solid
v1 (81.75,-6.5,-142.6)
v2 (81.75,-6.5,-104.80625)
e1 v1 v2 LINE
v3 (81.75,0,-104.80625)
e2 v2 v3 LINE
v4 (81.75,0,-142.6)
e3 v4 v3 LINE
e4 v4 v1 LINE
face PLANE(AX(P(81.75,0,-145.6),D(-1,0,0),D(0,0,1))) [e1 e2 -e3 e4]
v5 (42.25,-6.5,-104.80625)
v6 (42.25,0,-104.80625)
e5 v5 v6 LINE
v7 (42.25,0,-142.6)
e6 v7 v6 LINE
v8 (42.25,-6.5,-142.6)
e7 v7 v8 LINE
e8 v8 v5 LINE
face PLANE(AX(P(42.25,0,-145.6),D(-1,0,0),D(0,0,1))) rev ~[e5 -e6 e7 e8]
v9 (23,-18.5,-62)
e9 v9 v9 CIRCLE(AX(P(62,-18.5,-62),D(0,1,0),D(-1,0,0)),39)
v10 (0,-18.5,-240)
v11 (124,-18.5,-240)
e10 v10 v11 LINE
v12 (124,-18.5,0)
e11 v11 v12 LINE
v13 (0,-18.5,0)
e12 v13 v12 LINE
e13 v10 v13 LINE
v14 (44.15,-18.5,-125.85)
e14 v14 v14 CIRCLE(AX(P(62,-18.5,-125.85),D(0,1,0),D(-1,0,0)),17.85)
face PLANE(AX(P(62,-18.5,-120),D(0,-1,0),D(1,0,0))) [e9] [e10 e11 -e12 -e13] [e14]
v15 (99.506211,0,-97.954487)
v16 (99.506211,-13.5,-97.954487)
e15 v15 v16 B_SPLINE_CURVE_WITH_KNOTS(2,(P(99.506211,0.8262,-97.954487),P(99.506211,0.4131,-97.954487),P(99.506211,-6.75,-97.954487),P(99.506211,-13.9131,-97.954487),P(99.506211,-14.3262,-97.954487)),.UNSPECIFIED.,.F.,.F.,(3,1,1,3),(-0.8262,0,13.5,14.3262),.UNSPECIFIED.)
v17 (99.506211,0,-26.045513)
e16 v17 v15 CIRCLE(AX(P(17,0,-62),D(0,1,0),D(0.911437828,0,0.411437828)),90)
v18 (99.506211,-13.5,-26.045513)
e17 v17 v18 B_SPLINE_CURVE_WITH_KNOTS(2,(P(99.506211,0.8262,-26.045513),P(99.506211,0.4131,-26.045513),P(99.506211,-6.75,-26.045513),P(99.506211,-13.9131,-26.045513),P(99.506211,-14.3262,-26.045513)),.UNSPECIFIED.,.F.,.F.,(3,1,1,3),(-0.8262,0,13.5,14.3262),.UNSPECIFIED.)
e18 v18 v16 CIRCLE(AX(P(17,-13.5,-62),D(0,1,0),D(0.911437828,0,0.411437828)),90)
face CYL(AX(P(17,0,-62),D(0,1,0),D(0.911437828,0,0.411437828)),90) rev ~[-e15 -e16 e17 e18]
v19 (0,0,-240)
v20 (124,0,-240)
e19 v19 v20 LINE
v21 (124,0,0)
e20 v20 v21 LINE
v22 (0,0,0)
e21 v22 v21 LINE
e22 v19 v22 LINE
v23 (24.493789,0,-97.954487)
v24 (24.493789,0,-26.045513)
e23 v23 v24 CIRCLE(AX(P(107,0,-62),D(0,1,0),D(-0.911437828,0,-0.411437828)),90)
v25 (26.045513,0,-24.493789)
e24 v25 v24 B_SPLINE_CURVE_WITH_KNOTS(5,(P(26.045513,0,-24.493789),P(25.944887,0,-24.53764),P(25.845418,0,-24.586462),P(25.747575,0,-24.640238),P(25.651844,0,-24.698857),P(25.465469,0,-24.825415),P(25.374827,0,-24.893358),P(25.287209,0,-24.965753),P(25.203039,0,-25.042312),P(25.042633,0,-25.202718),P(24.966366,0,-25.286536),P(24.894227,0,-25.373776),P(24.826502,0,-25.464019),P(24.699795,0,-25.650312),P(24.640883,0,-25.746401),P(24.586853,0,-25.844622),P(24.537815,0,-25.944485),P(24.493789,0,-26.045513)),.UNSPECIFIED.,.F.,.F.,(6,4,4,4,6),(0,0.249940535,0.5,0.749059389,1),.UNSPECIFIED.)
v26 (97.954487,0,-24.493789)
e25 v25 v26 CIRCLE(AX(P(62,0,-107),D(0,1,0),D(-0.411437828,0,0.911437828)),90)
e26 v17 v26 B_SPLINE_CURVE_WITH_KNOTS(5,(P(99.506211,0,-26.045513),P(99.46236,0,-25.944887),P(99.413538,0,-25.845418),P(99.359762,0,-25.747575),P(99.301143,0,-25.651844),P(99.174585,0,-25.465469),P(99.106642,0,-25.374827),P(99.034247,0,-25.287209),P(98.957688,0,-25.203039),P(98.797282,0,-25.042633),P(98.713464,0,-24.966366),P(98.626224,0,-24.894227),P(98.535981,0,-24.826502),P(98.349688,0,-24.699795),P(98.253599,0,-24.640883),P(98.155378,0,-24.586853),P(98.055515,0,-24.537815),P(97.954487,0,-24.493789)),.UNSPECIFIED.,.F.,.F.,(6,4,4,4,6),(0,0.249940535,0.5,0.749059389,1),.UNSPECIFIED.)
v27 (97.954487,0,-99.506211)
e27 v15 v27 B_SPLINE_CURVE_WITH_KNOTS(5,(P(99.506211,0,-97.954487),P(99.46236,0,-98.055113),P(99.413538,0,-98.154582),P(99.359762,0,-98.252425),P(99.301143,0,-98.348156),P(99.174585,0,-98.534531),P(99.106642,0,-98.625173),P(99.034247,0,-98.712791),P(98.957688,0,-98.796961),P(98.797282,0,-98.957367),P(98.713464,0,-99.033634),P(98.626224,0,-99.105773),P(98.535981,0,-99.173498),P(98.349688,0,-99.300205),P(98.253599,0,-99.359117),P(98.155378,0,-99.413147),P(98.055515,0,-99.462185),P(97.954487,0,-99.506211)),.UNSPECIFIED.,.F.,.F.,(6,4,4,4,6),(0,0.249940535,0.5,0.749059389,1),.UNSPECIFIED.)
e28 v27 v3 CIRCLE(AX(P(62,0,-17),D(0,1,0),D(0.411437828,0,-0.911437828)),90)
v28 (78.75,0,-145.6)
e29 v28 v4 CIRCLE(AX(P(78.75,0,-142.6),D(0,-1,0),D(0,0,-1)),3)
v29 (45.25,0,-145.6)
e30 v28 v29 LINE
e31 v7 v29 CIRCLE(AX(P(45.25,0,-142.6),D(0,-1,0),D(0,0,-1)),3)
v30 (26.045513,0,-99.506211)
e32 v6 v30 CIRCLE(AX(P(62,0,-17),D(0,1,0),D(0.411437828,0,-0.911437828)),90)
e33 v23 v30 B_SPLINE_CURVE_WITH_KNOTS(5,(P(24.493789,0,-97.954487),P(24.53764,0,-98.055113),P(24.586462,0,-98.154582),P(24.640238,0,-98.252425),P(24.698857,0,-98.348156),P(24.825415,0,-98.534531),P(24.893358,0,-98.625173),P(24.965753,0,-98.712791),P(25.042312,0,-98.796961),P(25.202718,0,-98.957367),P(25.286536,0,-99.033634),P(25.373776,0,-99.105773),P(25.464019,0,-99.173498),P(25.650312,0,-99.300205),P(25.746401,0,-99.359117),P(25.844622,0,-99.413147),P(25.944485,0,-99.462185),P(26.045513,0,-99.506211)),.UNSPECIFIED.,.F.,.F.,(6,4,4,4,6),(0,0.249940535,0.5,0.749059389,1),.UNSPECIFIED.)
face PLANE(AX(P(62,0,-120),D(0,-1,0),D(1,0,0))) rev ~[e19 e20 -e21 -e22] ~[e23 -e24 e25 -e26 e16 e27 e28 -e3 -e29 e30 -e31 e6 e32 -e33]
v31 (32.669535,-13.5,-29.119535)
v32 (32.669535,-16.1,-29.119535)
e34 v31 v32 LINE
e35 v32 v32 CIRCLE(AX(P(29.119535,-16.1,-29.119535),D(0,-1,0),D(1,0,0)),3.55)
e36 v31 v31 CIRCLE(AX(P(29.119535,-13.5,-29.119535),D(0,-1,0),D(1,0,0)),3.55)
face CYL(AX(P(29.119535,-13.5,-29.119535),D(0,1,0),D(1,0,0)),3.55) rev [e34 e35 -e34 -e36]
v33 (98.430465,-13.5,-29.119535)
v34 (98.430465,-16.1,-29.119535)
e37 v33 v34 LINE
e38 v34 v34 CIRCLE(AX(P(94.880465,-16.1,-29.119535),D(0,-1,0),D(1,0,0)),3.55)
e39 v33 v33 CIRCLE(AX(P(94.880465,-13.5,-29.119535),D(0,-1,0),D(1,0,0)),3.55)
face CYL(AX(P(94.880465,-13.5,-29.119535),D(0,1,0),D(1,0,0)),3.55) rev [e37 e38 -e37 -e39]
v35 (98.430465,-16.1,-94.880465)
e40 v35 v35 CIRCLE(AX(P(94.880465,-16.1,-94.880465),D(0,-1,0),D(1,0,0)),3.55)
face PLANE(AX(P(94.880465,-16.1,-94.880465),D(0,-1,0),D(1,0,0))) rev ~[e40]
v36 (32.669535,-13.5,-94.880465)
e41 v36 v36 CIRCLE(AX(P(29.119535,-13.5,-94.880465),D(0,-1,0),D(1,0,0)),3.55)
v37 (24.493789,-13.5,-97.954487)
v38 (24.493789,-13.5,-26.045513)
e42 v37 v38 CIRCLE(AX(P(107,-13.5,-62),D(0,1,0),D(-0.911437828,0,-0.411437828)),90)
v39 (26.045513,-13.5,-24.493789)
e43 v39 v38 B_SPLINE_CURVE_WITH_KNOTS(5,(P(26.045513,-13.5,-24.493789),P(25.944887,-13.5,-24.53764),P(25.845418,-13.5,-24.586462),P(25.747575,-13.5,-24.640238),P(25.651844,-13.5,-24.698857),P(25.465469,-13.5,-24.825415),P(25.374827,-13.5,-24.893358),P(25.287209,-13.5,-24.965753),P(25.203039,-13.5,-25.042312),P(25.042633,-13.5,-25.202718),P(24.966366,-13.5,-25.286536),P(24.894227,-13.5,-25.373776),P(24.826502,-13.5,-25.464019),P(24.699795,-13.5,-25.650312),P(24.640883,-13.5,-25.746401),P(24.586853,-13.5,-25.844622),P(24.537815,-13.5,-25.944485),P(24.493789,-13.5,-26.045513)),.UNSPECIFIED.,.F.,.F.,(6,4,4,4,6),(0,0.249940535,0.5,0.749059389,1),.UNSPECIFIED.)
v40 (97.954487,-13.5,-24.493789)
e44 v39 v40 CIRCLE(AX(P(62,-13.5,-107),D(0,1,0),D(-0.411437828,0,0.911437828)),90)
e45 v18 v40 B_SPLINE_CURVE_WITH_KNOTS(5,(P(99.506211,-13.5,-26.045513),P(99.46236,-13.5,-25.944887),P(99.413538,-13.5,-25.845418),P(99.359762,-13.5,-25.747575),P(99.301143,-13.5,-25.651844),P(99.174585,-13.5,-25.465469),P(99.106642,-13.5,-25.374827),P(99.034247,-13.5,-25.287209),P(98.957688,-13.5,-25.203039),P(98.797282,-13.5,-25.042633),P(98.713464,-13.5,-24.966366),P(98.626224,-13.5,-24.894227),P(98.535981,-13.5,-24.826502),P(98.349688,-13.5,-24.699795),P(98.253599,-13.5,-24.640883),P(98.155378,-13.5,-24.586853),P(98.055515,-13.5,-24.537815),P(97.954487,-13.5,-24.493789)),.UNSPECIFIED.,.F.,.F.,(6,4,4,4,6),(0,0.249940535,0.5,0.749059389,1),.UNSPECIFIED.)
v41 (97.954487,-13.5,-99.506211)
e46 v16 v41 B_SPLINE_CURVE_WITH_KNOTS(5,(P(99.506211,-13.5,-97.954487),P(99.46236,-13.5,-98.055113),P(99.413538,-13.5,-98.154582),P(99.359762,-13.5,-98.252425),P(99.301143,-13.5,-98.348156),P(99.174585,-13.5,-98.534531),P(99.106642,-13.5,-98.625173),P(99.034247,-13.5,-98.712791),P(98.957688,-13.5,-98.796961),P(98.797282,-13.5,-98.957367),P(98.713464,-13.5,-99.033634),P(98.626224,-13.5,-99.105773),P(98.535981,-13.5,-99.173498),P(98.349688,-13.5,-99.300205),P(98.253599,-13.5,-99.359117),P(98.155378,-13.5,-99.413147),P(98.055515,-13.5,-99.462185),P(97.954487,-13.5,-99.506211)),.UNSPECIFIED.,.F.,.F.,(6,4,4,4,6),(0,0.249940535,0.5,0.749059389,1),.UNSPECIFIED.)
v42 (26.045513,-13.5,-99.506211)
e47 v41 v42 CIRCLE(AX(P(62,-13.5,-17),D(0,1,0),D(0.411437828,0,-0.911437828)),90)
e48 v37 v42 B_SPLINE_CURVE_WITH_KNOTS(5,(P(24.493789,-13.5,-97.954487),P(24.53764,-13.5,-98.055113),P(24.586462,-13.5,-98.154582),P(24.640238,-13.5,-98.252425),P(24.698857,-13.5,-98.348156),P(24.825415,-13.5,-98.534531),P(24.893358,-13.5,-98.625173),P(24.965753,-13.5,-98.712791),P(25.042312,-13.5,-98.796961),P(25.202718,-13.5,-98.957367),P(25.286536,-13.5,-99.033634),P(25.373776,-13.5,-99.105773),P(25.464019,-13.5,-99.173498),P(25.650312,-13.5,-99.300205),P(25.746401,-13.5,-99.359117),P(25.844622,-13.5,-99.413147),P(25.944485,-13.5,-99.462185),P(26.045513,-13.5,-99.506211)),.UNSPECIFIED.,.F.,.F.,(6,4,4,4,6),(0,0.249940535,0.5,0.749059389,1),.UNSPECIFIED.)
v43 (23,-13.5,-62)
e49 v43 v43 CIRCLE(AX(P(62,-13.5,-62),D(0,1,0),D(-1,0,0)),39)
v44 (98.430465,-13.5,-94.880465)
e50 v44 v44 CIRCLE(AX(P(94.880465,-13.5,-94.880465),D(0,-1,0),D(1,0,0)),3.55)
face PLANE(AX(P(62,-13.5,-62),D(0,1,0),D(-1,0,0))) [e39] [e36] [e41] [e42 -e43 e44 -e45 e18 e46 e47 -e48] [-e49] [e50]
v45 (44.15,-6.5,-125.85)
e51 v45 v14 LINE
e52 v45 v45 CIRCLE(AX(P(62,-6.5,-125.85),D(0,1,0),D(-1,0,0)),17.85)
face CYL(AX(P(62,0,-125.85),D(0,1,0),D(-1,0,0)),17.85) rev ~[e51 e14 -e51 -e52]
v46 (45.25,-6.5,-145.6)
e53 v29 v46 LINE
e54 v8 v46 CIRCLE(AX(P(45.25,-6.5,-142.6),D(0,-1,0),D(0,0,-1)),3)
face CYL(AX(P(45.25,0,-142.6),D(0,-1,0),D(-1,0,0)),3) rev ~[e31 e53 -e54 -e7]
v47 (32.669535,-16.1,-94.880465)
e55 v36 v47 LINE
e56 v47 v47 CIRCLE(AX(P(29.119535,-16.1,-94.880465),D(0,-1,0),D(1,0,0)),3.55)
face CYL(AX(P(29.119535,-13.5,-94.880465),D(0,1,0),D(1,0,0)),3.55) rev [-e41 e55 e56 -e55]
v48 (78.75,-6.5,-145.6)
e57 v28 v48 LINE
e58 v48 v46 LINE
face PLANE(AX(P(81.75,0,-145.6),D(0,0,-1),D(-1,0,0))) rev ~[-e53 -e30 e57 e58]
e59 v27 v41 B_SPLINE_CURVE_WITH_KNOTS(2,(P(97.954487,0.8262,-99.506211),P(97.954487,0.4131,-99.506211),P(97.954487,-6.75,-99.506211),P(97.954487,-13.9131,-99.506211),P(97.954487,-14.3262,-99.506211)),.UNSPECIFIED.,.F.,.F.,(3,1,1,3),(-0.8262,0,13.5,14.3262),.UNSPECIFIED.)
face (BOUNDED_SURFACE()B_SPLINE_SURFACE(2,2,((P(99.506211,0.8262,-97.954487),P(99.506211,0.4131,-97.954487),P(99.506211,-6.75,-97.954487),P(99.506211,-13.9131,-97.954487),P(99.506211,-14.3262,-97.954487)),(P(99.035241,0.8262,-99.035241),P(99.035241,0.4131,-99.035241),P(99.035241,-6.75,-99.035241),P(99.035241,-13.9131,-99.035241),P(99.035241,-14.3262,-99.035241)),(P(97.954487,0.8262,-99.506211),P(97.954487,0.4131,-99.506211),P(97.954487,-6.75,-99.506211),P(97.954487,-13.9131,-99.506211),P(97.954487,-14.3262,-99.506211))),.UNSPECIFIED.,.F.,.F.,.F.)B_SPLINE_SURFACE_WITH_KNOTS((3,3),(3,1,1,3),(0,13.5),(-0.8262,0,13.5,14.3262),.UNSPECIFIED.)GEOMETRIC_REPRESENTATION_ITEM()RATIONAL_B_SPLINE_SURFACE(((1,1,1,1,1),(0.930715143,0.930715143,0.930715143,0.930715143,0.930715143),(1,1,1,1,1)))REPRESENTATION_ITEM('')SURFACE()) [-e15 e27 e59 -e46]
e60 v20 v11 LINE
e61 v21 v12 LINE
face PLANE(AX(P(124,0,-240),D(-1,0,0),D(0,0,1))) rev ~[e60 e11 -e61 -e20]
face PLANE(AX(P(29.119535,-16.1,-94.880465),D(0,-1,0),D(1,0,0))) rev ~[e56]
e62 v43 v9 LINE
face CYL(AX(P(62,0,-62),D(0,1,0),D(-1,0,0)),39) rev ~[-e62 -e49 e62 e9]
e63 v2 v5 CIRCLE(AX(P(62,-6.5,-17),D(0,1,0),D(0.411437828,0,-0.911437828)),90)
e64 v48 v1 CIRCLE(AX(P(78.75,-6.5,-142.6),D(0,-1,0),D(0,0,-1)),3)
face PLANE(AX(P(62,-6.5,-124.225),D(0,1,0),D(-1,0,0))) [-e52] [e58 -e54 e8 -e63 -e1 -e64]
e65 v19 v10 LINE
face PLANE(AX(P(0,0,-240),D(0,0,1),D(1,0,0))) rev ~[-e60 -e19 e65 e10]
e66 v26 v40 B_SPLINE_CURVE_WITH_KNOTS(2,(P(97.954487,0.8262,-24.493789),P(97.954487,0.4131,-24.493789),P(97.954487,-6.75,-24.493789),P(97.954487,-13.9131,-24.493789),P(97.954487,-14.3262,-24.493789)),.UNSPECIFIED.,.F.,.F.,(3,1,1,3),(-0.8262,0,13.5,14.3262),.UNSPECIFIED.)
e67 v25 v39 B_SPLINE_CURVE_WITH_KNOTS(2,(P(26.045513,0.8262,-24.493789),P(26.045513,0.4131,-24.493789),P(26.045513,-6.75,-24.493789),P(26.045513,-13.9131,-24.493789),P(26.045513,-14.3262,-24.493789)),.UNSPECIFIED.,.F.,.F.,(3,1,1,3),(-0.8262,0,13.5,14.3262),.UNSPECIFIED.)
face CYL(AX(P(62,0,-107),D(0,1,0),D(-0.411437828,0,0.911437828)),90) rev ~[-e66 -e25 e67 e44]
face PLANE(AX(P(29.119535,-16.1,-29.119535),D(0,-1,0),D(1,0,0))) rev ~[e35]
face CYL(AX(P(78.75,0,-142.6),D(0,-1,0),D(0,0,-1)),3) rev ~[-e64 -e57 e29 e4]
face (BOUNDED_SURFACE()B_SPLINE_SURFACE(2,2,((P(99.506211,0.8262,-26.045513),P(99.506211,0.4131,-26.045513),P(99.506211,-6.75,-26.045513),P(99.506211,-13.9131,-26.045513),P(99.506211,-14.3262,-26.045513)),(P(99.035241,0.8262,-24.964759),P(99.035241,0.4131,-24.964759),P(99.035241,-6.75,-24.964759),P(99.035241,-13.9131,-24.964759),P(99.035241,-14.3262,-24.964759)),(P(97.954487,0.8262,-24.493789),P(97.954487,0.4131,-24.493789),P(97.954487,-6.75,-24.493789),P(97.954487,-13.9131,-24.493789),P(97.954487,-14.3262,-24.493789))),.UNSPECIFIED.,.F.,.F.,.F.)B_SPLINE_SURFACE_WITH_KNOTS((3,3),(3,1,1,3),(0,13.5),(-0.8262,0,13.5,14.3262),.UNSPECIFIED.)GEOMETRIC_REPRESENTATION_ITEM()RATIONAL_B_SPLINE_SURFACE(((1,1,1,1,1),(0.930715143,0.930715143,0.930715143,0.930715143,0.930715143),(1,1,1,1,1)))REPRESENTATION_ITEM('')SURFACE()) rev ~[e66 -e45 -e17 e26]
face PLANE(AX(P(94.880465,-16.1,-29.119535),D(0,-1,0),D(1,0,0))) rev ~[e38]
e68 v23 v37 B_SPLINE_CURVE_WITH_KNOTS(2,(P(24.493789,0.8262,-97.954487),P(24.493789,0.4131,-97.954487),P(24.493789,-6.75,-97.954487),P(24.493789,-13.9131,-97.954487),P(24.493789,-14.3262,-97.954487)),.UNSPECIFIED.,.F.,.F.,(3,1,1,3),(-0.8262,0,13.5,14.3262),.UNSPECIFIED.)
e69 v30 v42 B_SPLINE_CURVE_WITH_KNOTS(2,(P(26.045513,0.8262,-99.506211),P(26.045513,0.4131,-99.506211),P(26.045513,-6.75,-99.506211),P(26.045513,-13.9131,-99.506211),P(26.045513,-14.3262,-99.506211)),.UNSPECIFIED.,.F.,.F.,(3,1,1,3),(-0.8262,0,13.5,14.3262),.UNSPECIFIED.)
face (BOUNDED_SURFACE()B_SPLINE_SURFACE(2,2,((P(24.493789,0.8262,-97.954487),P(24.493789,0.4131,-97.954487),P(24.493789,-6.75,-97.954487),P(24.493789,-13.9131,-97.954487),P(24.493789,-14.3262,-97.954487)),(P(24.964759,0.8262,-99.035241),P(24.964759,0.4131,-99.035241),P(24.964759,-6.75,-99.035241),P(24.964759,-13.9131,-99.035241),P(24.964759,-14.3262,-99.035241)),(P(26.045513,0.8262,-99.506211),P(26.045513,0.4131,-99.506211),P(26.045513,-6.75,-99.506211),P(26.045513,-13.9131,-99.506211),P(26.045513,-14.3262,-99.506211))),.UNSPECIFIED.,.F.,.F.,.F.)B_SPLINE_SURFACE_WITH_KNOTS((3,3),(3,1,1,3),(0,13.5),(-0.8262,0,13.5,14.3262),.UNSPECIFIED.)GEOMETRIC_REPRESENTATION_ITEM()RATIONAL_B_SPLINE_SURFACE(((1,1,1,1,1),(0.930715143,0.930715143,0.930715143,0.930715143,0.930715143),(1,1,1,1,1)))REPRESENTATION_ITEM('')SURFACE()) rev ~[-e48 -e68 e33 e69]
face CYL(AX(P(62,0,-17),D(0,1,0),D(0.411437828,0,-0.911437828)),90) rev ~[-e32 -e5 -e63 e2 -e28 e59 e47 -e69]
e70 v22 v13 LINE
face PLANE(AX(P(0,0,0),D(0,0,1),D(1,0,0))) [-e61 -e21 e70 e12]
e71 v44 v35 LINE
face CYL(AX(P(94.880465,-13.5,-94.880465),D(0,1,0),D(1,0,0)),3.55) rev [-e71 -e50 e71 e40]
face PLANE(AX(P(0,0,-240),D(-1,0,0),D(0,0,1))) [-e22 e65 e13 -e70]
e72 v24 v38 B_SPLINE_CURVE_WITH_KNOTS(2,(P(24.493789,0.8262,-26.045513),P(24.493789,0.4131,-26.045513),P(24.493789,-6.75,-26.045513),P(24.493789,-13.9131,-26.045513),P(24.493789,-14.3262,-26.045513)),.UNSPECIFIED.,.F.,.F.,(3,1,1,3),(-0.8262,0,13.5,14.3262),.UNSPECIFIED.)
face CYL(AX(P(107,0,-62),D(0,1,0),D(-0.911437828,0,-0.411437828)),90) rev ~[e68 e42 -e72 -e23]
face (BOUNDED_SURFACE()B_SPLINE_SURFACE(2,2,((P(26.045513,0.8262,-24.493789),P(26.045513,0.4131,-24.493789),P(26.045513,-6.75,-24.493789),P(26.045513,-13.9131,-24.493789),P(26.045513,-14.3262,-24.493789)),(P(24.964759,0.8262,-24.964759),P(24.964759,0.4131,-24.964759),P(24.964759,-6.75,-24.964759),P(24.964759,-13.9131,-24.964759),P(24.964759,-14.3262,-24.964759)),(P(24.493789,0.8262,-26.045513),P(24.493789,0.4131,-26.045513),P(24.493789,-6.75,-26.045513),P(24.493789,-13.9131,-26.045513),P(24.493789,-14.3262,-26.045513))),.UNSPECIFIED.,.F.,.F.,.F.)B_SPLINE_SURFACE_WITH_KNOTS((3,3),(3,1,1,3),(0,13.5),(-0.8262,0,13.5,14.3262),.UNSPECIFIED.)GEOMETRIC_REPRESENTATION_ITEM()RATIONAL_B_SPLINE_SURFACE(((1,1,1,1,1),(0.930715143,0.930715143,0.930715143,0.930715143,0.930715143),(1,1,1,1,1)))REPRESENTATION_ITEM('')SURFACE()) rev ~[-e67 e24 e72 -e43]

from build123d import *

# Parameters (mm, degrees)
F0_W      = 124
F0_H      = 240
F1_DEPTH  = 18.5
F2_R      = 39
F2_R_2    = 17.85
F3_DEPTH  = 18.501
F5_DEPTH  = 13.5
F7_R      = 3.55
F8_DEPTH  = 2.6
F9_W      = 39.5
F9_H      = 42.75
F10_DEPTH = 6.5
F11_R     = 3


with BuildPart() as f1:
    # F0 (on Front) → F1 (new body)
    with BuildSketch(Plane.XZ):
        with Locations((62, -120)):
            Rectangle(F0_W, F0_H)
    extrude(amount=F1_DEPTH)

    # F2 (on face) → F3 (cut, through all)
    with BuildSketch(Plane(origin=(0, 0, 0), x_dir=(-1, 0, 0), z_dir=(0, 1, 0))):
        with Locations((-62, -62)):
            Circle(F2_R)
        with Locations((-62, -125.85)):
            Circle(F2_R_2)
    extrude(amount=-F3_DEPTH, mode=Mode.SUBTRACT)

    # F4 (on face) → F5 (cut)
    with BuildSketch(Plane(origin=(0, 0, 0), x_dir=(-1, 0, 0), z_dir=(0, 1, 0))):
        with BuildLine():
            ThreePointArc((-24.970595501, -99.029404499), (-17, -62), (-24.970595501, -24.970595501))
            ThreePointArc((-24.970595501, -24.970595501), (-62, -17), (-99.029404499, -24.970595501))
            ThreePointArc((-99.029404499, -24.970595501), (-107, -62), (-99.029404499, -99.029404499))
            ThreePointArc((-99.029404499, -99.029404499), (-62, -107), (-24.970595501, -99.029404499))
        make_face()
    extrude(amount=-F5_DEPTH, mode=Mode.SUBTRACT)

    # F7 (on offset) → F8 (cut)
    with BuildSketch(Plane.XZ.offset(13.5)):
        with Locations((29.1195346748, -29.1195346748)):
            Circle(F7_R)
        with Locations((29.1195346748, -94.8804653252)):
            Circle(F7_R)
        with Locations((94.8804653252, -94.8804653252)):
            Circle(F7_R)
        with Locations((94.8804653252, -29.1195346748)):
            Circle(F7_R)
    extrude(amount=F8_DEPTH, mode=Mode.SUBTRACT)

    # F9 (on face) → F10 (cut)
    with BuildSketch(Plane(origin=(0, 0, 0), x_dir=(-1, 0, 0), z_dir=(0, 1, 0))):
        with Locations((-62, -124.225)):
            Rectangle(F9_W, F9_H)
    extrude(amount=-F10_DEPTH, mode=Mode.SUBTRACT)

    # F11
    f11_edges = [f1.edges().sort_by_distance(p)[0] for p in [
        (81.75, -3.25, -145.6),
        (42.25, -3.25, -145.6),
        (99.029404, -6.75, -99.029404),
        (24.970596, -6.75, -99.029404),
        (24.970596, -6.75, -24.970596),
        (99.029404, -6.75, -24.970596),
    ]]
    fillet(f11_edges, radius=F11_R)


solid = f1.part
